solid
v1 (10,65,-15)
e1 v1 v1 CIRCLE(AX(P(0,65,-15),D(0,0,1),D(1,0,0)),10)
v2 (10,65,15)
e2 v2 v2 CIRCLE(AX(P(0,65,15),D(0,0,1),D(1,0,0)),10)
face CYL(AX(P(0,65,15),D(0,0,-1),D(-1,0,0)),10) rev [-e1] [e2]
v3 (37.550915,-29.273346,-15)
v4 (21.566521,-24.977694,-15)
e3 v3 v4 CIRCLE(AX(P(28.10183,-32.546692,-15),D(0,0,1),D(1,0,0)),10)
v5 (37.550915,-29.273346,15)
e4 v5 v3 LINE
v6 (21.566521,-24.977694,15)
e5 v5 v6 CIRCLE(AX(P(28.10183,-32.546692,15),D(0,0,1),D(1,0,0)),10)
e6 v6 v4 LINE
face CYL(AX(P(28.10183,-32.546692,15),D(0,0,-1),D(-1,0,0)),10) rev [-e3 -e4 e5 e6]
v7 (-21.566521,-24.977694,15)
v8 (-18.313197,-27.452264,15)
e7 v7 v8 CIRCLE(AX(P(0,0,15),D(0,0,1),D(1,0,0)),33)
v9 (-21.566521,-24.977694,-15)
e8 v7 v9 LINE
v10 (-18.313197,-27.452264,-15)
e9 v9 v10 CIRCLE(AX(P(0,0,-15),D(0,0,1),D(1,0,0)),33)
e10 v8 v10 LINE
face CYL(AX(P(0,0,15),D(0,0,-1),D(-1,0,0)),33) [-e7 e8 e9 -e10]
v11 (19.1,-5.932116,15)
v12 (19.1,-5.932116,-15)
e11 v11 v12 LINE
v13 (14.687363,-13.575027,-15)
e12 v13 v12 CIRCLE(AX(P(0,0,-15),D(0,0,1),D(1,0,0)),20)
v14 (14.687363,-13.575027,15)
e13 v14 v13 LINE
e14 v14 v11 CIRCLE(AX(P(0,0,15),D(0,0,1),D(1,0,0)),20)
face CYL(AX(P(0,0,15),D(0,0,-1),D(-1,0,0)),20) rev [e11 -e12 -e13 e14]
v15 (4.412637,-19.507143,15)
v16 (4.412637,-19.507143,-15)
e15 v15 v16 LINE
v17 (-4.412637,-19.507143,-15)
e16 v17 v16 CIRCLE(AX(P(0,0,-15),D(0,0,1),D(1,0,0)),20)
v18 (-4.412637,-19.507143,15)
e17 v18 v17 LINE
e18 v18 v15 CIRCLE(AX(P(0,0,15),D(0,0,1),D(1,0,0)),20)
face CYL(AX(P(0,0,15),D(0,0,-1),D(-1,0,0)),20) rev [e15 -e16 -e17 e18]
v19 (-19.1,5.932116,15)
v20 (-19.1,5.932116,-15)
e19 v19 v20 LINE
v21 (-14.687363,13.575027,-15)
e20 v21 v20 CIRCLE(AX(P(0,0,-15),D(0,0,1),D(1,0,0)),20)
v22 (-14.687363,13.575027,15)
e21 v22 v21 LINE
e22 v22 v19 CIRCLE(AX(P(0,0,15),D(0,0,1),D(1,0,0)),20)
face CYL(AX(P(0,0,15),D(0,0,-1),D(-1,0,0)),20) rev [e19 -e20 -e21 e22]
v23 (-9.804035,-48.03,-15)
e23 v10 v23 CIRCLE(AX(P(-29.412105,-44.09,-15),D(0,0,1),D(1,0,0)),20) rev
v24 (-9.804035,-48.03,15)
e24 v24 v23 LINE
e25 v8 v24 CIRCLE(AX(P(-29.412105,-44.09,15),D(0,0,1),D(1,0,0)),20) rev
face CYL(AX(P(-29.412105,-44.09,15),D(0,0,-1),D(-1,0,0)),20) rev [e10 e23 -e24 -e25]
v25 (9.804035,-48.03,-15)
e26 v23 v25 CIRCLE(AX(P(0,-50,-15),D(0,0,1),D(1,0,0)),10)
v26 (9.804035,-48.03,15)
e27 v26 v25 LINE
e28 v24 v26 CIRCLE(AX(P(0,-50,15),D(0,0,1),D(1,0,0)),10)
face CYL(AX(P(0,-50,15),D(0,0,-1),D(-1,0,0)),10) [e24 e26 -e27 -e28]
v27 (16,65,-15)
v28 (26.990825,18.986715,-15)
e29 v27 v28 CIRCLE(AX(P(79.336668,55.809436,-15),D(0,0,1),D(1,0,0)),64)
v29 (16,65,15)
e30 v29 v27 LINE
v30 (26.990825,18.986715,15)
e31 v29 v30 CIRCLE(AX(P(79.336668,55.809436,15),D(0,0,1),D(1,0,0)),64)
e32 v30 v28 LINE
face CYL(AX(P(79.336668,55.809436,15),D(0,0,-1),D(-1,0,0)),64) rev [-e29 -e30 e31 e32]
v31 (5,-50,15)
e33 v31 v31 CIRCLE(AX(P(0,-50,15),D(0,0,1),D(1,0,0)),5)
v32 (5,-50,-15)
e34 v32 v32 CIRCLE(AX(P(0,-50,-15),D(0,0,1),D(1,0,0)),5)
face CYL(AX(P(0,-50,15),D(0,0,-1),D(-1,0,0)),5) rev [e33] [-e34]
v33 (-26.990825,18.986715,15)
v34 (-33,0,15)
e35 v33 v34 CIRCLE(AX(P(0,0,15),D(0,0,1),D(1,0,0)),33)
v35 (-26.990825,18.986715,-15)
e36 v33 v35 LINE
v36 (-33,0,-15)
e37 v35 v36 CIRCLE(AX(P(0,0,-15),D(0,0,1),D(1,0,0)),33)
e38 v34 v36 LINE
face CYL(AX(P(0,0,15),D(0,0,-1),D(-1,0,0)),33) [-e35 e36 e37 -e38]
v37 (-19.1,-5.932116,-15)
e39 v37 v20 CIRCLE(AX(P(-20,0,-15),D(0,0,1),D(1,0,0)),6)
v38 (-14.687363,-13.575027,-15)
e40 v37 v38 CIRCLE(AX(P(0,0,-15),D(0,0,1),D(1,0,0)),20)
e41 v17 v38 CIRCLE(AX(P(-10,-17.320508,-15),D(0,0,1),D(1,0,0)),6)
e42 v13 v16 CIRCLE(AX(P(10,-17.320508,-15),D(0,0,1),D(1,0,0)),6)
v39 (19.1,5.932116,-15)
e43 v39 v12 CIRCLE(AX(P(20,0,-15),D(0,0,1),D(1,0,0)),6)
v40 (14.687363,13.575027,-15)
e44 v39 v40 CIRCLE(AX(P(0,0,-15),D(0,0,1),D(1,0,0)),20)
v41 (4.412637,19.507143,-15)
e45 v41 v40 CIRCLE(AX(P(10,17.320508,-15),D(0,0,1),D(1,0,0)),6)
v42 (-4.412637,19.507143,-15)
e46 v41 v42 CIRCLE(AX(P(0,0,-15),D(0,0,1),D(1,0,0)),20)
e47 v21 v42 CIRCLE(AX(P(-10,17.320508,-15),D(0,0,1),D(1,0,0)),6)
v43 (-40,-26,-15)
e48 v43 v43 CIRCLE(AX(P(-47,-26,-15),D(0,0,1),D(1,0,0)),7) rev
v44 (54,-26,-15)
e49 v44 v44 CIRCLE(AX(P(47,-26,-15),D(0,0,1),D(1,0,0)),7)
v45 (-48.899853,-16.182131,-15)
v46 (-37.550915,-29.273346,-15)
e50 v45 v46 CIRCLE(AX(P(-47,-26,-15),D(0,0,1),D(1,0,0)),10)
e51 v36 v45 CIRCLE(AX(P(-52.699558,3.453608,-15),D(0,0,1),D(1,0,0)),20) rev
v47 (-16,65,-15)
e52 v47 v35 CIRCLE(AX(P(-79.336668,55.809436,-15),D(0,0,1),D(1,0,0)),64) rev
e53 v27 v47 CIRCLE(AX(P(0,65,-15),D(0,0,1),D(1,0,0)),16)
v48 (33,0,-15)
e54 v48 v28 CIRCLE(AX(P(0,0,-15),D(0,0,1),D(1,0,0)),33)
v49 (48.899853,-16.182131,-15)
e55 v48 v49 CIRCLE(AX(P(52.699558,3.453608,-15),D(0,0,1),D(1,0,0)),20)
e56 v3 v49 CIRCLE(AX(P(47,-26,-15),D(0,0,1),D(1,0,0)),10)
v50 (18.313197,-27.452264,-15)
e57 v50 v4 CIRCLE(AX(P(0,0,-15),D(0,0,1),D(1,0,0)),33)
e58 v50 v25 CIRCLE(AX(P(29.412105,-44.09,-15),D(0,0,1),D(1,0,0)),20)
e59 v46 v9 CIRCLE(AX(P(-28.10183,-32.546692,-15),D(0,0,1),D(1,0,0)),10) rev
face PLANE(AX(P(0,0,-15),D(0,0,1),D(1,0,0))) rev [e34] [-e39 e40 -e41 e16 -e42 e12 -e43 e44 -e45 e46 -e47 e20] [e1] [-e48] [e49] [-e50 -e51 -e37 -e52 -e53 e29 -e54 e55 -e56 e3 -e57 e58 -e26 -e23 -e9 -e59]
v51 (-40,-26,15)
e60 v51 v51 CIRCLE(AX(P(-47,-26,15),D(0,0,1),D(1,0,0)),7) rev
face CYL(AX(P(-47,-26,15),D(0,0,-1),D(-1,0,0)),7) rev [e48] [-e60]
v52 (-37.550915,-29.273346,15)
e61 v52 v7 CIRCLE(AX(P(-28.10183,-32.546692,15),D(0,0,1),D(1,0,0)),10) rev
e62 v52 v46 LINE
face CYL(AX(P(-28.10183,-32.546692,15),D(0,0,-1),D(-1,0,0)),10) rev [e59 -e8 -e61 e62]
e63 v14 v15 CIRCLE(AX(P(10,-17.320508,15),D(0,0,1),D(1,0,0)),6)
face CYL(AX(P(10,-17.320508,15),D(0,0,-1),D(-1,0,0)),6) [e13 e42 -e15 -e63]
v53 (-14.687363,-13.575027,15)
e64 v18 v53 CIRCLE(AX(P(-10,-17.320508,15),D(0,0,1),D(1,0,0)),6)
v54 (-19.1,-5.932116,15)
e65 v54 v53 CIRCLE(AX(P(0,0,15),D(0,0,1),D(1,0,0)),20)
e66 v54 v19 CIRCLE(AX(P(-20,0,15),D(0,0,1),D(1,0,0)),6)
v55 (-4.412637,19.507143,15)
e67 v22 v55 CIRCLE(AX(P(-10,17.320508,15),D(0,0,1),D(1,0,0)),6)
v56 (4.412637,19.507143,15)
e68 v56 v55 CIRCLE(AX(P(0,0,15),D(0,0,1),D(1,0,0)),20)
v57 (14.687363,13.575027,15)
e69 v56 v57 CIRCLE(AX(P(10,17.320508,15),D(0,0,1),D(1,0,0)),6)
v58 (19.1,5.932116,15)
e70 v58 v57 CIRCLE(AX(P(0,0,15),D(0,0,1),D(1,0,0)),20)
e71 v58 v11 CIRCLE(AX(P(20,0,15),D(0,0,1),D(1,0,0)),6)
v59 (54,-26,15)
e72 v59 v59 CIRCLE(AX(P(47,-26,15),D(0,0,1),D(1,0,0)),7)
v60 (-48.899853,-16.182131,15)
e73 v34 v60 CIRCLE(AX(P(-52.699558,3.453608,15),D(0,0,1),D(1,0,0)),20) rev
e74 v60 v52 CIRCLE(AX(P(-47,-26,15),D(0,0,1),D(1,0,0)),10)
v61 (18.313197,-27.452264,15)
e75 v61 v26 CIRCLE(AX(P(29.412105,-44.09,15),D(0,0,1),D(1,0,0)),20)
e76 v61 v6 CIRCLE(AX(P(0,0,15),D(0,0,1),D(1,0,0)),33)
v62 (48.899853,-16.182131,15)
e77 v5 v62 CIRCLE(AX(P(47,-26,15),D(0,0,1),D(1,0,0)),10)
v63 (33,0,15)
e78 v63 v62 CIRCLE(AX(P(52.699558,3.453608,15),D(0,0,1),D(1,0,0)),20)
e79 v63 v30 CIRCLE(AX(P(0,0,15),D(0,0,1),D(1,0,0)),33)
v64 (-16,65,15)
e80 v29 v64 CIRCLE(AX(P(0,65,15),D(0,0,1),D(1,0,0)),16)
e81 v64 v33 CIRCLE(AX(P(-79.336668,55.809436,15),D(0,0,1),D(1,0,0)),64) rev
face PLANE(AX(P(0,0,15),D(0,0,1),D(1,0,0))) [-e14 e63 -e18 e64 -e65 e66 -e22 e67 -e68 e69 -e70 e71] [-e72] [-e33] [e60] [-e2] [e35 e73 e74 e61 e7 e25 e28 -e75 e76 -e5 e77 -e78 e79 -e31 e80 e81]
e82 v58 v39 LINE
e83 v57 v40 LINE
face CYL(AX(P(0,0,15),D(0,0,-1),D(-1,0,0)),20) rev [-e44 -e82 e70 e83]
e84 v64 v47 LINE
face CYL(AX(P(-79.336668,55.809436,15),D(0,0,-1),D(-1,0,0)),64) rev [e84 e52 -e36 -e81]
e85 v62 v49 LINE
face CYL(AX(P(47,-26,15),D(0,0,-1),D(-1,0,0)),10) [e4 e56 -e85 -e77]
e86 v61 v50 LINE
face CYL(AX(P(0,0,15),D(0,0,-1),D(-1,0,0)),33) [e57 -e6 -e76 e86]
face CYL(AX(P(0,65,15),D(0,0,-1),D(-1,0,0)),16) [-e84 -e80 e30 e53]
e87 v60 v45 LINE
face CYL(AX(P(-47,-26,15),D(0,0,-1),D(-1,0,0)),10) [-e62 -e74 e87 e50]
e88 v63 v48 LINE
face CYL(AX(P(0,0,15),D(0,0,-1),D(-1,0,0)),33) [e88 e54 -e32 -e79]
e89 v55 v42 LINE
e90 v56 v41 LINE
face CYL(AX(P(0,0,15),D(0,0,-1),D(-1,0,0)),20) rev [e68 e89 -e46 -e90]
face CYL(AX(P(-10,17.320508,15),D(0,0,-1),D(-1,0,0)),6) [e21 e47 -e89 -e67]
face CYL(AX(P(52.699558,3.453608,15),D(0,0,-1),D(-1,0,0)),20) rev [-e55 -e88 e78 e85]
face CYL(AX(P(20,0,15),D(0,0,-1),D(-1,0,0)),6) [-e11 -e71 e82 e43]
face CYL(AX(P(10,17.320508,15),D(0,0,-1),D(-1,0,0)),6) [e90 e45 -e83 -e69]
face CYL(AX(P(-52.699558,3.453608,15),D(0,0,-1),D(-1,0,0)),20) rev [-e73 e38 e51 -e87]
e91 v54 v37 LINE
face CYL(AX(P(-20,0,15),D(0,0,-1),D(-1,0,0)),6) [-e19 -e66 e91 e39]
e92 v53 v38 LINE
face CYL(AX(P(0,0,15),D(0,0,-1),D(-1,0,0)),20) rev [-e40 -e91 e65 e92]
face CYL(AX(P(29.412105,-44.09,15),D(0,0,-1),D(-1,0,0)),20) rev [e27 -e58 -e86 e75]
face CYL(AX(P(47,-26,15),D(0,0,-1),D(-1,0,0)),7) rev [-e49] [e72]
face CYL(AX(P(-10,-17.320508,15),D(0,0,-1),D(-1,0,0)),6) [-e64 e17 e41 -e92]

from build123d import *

# Parameters (mm, degrees)
SKETCH1_R           = 7
SKETCH1_R_2         = 5
SKETCH1_R_3         = 10
BOSS_EXTRUDE1_DEPTH = 15


with BuildPart() as part:
    # Sketch1 → Boss-Extrude1 (new, symmetric)
    with BuildSketch(Plane.XY):
        with BuildLine():
            ThreePointArc((-18.313197236, -27.452264151), (-10.929939867, -36.447383635), (-9.804034884, -48.03))
            ThreePointArc((-9.804034884, -48.03), (0, -60), (9.804034884, -48.03))
            ThreePointArc((9.804034884, -48.03), (10.929939867, -36.447383635), (18.313197236, -27.452264151))
            ThreePointArc((18.313197236, -27.452264151), (19.978209416, -26.265398313), (21.566520754, -24.9776937))
            ThreePointArc((21.566520754, -24.9776937), (30.697148757, -22.889346352), (37.550915036, -29.273345896))
            ThreePointArc((37.550915036, -29.273345896), (54.555971575, -32.550365911), (48.899852708, -16.182130593))
            ThreePointArc((48.899852708, -16.182130593), (38.43354311, -10.563553249), (33, 0))
            ThreePointArc((33, 0), (31.461859707, 9.957478785), (26.990825227, 18.986715186))
            ThreePointArc((26.990825227, 18.986715186), (17.541357446, 39.155919937), (15.576262231, 61.342124263))
            ThreePointArc((15.576262231, 61.342124263), (15.761817989, 63.174110312), (16, 65))
            ThreePointArc((16, 65), (0, 81), (-16, 65))
            ThreePointArc((-16, 65), (-15.761817989, 63.174110312), (-15.576262231, 61.342124263))
            ThreePointArc((-15.576262231, 61.342124263), (-17.541357446, 39.155919937), (-26.990825227, 18.986715186))
            ThreePointArc((-26.990825227, 18.986715186), (-31.461859707, 9.957478785), (-33, 0))
            ThreePointArc((-33, 0), (-38.43354311, -10.563553249), (-48.899852708, -16.182130593))
            ThreePointArc((-48.899852708, -16.182130593), (-54.555971575, -32.550365911), (-37.550915036, -29.273345896))
            ThreePointArc((-37.550915036, -29.273345896), (-30.697148757, -22.889346352), (-21.566520754, -24.9776937))
            ThreePointArc((-21.566520754, -24.9776937), (-19.978209416, -26.265398313), (-18.313197236, -27.452264151))
        make_face()
        with Locations((-47, -26)):
            Circle(SKETCH1_R, mode=Mode.SUBTRACT)
        with Locations((0, -50)):
            Circle(SKETCH1_R_2, mode=Mode.SUBTRACT)
        with BuildLine():
            ThreePointArc((19.1, -5.93211598), (17.320508076, -10), (14.687363137, -13.575027222))
            ThreePointArc((14.687363137, -13.575027222), (7, -12.124355653), (4.412636863, -19.507143202))
            ThreePointArc((4.412636863, -19.507143202), (0, -20), (-4.412636863, -19.507143202))
            ThreePointArc((-4.412636863, -19.507143202), (-7, -12.124355653), (-14.687363137, -13.575027222))
            ThreePointArc((-14.687363137, -13.575027222), (-17.320508076, -10), (-19.1, -5.93211598))
            ThreePointArc((-19.1, -5.93211598), (-14, 0), (-19.1, 5.93211598))
            ThreePointArc((-19.1, 5.93211598), (-17.320508076, 10), (-14.687363137, 13.575027222))
            ThreePointArc((-14.687363137, 13.575027222), (-7, 12.124355653), (-4.412636863, 19.507143202))
            ThreePointArc((-4.412636863, 19.507143202), (0, 20), (4.412636863, 19.507143202))
            ThreePointArc((4.412636863, 19.507143202), (7, 12.124355653), (14.687363137, 13.575027222))
            ThreePointArc((14.687363137, 13.575027222), (17.320508076, 10), (19.1, 5.93211598))
            ThreePointArc((19.1, 5.93211598), (14, 0), (19.1, -5.93211598))
        make_face(mode=Mode.SUBTRACT)
        with Locations((47, -26)):
            Circle(SKETCH1_R, mode=Mode.SUBTRACT)
        with Locations((0, 65)):
            Circle(SKETCH1_R_3, mode=Mode.SUBTRACT)
    extrude(amount=BOSS_EXTRUDE1_DEPTH, both=True)


solid = part.part
